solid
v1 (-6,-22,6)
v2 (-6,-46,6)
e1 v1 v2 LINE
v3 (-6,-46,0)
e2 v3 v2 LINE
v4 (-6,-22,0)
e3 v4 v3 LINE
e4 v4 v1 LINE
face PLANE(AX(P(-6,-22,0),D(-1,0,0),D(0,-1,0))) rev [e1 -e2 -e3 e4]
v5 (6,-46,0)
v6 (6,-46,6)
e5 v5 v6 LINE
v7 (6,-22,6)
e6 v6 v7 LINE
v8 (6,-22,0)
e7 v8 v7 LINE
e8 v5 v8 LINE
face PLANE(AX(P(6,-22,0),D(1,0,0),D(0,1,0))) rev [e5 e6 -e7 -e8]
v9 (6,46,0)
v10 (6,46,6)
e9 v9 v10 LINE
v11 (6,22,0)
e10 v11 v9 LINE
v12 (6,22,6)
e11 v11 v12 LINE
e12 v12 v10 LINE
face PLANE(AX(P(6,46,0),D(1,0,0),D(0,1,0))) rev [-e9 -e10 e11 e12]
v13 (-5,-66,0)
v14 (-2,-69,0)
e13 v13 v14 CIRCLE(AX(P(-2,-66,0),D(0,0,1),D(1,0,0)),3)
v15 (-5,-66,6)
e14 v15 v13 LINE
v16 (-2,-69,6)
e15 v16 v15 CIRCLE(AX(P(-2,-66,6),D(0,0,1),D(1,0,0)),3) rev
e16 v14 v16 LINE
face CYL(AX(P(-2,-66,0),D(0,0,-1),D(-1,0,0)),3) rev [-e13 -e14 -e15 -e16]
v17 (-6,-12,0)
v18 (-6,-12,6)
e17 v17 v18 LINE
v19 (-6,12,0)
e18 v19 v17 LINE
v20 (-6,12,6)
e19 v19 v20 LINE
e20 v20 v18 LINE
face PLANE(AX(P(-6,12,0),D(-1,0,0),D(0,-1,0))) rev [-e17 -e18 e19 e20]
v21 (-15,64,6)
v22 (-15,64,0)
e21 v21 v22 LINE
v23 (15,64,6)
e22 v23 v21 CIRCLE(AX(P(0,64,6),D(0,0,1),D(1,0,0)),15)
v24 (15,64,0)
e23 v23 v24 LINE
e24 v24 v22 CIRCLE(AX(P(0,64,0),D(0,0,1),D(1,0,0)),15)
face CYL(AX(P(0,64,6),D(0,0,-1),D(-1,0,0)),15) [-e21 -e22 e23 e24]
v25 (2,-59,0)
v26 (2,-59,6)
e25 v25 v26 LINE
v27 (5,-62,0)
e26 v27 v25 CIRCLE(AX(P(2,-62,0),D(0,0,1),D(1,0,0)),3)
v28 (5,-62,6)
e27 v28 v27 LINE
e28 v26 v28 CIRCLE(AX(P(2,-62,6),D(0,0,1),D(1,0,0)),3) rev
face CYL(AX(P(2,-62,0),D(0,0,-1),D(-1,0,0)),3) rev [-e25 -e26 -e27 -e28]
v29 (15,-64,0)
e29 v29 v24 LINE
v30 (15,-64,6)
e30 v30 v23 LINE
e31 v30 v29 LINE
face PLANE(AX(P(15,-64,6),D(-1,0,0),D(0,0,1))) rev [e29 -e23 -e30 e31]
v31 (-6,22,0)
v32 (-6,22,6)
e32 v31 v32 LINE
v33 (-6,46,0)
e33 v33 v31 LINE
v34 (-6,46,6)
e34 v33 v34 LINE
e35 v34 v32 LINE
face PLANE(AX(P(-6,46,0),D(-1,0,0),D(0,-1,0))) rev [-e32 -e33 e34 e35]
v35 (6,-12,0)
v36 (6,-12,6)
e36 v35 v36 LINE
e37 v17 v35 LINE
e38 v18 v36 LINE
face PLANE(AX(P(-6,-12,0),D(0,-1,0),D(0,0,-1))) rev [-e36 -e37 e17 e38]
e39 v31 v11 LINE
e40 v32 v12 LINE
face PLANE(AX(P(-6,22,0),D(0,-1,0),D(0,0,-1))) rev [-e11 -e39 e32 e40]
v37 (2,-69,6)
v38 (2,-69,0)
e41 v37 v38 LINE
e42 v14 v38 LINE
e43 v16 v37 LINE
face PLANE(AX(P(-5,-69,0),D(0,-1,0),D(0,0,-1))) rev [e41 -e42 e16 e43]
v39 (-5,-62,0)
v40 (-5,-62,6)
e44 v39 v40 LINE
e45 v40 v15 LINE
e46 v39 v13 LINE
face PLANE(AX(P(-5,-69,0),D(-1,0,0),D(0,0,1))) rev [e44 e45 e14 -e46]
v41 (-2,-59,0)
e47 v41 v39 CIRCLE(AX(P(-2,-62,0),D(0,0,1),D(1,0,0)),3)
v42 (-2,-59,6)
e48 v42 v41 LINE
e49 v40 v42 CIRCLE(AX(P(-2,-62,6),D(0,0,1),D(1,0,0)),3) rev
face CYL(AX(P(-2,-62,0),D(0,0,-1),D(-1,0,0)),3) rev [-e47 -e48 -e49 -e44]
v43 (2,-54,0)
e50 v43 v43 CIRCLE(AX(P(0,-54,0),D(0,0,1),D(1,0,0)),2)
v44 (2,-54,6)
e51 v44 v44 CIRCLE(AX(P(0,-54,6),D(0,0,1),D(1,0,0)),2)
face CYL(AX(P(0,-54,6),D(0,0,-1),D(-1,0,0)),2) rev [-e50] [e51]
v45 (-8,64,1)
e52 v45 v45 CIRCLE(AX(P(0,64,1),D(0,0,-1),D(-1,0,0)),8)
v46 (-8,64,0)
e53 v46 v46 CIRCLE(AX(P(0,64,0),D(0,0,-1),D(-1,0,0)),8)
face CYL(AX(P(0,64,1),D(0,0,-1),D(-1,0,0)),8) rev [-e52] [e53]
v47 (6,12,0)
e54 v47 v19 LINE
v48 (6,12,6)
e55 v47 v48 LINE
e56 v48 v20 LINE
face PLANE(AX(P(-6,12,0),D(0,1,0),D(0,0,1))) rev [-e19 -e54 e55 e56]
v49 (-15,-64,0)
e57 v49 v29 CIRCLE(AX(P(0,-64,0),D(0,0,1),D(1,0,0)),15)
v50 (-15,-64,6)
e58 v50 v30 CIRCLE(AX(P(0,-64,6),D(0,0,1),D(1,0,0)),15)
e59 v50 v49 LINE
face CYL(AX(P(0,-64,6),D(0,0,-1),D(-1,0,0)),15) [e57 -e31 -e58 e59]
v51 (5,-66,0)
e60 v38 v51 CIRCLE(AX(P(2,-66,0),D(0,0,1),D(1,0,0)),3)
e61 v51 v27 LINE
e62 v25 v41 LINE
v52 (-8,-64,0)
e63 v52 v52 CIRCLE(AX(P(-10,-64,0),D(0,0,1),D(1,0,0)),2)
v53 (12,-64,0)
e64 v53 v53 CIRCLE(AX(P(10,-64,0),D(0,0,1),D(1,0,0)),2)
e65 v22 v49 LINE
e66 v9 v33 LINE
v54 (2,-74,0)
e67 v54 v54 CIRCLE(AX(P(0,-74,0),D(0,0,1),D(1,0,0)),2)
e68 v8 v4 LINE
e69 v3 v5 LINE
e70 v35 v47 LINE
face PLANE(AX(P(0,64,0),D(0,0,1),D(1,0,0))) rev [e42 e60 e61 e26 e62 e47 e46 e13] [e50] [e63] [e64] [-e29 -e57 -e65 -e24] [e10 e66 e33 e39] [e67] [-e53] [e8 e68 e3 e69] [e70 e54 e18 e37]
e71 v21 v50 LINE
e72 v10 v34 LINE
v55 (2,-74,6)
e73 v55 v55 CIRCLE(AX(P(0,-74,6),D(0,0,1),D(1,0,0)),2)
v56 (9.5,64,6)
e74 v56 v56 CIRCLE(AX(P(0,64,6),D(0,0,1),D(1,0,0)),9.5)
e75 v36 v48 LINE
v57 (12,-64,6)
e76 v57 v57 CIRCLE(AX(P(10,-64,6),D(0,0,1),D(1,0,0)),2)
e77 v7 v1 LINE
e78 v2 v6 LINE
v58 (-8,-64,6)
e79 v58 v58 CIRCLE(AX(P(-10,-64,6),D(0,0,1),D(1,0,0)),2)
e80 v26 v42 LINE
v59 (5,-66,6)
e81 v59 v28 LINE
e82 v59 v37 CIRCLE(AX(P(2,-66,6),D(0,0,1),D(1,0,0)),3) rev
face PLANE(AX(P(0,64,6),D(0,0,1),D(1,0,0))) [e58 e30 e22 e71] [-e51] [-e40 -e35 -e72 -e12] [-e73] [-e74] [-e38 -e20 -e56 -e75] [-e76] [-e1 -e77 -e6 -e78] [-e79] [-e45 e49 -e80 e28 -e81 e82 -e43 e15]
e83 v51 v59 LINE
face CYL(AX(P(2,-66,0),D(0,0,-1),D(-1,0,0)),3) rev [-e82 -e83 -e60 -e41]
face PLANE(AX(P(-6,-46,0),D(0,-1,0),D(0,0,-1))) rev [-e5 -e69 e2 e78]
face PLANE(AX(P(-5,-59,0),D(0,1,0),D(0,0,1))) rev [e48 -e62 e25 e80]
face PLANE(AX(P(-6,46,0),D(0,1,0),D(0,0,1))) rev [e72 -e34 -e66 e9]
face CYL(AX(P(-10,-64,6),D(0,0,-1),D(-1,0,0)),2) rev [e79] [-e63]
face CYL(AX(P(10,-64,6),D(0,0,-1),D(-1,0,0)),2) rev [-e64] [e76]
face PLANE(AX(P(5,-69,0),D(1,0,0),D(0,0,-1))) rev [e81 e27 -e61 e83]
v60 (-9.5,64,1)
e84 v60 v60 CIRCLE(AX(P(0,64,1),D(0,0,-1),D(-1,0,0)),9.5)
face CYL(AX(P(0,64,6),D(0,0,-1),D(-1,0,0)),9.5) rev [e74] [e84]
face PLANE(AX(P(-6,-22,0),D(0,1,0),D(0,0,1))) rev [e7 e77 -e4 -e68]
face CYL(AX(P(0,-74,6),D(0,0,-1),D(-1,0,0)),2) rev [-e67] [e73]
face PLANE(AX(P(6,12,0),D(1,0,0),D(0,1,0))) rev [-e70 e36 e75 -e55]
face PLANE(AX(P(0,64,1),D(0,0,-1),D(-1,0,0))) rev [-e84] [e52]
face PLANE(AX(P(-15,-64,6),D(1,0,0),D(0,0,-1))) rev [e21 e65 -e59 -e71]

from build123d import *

# Parameters (mm, degrees)
SKETCH_1_R          = 9.5
SKETCH_1_R_2        = 2
EXTRUDE_1_DEPTH     = 6
SKETCH_2_W          = 12
SKETCH_2_H          = 24
SKETCH_2_W_2        = 10
SKETCH_2_H_2        = 10
CUT_EXTRUDE_1_DEPTH = 6
FILLET_1_R          = 3
SKETCH_3_R          = 9.5
SKETCH_3_R_2        = 8
EXTRUDE_3_DEPTH     = 1


with BuildPart() as part:
    # 草图1 → 凸台-拉伸1 (new body)
    with BuildSketch(Plane.XY):
        with BuildLine():
            Line((-15, -64), (-15, 64))
            ThreePointArc((-15, 64), (0, 79), (15, 64))
            Line((15, 64), (15, -64))
            ThreePointArc((15, -64), (0, -79), (-15, -64))
        make_face()
        with Locations((0, 64)):
            Circle(SKETCH_1_R, mode=Mode.SUBTRACT)
        with Locations((0, -54)):
            Circle(SKETCH_1_R_2, mode=Mode.SUBTRACT)
        with Locations((10, -64)):
            Circle(SKETCH_1_R_2, mode=Mode.SUBTRACT)
        with Locations((0, -74)):
            Circle(SKETCH_1_R_2, mode=Mode.SUBTRACT)
        with Locations((-10, -64)):
            Circle(SKETCH_1_R_2, mode=Mode.SUBTRACT)
    extrude(amount=EXTRUDE_1_DEPTH)

    # 草图2 → 切除-拉伸1 (cut)
    with BuildSketch(Plane.XY.offset(6)):
        with Locations((0, 34)):
            Rectangle(SKETCH_2_W, SKETCH_2_H)
        Rectangle(SKETCH_2_W, SKETCH_2_H)
        with Locations((0, -34)):
            Rectangle(SKETCH_2_W, SKETCH_2_H)
        with Locations((0, -64)):
            Rectangle(SKETCH_2_W_2, SKETCH_2_H_2)
    extrude(amount=-CUT_EXTRUDE_1_DEPTH, mode=Mode.SUBTRACT)

    # 圆角1
    fillet_1_edges = [part.edges().sort_by_distance(p)[0] for p in [
        (5, -59, 3),
        (5, -69, 3),
        (-5, -69, 3),
        (-5, -59, 3),
    ]]
    fillet(fillet_1_edges, radius=FILLET_1_R)

    # 草图3 → 凸台-拉伸3 (add)
    with BuildSketch(Plane(origin=(0, 0, 0), x_dir=(-1, 0, 0), z_dir=(0, 0, -1))):
        with Locations((0, 64)):
            Circle(SKETCH_3_R)
        with Locations((0, 64)):
            Circle(SKETCH_3_R_2, mode=Mode.SUBTRACT)
    extrude(amount=-EXTRUDE_3_DEPTH)


solid = part.part
